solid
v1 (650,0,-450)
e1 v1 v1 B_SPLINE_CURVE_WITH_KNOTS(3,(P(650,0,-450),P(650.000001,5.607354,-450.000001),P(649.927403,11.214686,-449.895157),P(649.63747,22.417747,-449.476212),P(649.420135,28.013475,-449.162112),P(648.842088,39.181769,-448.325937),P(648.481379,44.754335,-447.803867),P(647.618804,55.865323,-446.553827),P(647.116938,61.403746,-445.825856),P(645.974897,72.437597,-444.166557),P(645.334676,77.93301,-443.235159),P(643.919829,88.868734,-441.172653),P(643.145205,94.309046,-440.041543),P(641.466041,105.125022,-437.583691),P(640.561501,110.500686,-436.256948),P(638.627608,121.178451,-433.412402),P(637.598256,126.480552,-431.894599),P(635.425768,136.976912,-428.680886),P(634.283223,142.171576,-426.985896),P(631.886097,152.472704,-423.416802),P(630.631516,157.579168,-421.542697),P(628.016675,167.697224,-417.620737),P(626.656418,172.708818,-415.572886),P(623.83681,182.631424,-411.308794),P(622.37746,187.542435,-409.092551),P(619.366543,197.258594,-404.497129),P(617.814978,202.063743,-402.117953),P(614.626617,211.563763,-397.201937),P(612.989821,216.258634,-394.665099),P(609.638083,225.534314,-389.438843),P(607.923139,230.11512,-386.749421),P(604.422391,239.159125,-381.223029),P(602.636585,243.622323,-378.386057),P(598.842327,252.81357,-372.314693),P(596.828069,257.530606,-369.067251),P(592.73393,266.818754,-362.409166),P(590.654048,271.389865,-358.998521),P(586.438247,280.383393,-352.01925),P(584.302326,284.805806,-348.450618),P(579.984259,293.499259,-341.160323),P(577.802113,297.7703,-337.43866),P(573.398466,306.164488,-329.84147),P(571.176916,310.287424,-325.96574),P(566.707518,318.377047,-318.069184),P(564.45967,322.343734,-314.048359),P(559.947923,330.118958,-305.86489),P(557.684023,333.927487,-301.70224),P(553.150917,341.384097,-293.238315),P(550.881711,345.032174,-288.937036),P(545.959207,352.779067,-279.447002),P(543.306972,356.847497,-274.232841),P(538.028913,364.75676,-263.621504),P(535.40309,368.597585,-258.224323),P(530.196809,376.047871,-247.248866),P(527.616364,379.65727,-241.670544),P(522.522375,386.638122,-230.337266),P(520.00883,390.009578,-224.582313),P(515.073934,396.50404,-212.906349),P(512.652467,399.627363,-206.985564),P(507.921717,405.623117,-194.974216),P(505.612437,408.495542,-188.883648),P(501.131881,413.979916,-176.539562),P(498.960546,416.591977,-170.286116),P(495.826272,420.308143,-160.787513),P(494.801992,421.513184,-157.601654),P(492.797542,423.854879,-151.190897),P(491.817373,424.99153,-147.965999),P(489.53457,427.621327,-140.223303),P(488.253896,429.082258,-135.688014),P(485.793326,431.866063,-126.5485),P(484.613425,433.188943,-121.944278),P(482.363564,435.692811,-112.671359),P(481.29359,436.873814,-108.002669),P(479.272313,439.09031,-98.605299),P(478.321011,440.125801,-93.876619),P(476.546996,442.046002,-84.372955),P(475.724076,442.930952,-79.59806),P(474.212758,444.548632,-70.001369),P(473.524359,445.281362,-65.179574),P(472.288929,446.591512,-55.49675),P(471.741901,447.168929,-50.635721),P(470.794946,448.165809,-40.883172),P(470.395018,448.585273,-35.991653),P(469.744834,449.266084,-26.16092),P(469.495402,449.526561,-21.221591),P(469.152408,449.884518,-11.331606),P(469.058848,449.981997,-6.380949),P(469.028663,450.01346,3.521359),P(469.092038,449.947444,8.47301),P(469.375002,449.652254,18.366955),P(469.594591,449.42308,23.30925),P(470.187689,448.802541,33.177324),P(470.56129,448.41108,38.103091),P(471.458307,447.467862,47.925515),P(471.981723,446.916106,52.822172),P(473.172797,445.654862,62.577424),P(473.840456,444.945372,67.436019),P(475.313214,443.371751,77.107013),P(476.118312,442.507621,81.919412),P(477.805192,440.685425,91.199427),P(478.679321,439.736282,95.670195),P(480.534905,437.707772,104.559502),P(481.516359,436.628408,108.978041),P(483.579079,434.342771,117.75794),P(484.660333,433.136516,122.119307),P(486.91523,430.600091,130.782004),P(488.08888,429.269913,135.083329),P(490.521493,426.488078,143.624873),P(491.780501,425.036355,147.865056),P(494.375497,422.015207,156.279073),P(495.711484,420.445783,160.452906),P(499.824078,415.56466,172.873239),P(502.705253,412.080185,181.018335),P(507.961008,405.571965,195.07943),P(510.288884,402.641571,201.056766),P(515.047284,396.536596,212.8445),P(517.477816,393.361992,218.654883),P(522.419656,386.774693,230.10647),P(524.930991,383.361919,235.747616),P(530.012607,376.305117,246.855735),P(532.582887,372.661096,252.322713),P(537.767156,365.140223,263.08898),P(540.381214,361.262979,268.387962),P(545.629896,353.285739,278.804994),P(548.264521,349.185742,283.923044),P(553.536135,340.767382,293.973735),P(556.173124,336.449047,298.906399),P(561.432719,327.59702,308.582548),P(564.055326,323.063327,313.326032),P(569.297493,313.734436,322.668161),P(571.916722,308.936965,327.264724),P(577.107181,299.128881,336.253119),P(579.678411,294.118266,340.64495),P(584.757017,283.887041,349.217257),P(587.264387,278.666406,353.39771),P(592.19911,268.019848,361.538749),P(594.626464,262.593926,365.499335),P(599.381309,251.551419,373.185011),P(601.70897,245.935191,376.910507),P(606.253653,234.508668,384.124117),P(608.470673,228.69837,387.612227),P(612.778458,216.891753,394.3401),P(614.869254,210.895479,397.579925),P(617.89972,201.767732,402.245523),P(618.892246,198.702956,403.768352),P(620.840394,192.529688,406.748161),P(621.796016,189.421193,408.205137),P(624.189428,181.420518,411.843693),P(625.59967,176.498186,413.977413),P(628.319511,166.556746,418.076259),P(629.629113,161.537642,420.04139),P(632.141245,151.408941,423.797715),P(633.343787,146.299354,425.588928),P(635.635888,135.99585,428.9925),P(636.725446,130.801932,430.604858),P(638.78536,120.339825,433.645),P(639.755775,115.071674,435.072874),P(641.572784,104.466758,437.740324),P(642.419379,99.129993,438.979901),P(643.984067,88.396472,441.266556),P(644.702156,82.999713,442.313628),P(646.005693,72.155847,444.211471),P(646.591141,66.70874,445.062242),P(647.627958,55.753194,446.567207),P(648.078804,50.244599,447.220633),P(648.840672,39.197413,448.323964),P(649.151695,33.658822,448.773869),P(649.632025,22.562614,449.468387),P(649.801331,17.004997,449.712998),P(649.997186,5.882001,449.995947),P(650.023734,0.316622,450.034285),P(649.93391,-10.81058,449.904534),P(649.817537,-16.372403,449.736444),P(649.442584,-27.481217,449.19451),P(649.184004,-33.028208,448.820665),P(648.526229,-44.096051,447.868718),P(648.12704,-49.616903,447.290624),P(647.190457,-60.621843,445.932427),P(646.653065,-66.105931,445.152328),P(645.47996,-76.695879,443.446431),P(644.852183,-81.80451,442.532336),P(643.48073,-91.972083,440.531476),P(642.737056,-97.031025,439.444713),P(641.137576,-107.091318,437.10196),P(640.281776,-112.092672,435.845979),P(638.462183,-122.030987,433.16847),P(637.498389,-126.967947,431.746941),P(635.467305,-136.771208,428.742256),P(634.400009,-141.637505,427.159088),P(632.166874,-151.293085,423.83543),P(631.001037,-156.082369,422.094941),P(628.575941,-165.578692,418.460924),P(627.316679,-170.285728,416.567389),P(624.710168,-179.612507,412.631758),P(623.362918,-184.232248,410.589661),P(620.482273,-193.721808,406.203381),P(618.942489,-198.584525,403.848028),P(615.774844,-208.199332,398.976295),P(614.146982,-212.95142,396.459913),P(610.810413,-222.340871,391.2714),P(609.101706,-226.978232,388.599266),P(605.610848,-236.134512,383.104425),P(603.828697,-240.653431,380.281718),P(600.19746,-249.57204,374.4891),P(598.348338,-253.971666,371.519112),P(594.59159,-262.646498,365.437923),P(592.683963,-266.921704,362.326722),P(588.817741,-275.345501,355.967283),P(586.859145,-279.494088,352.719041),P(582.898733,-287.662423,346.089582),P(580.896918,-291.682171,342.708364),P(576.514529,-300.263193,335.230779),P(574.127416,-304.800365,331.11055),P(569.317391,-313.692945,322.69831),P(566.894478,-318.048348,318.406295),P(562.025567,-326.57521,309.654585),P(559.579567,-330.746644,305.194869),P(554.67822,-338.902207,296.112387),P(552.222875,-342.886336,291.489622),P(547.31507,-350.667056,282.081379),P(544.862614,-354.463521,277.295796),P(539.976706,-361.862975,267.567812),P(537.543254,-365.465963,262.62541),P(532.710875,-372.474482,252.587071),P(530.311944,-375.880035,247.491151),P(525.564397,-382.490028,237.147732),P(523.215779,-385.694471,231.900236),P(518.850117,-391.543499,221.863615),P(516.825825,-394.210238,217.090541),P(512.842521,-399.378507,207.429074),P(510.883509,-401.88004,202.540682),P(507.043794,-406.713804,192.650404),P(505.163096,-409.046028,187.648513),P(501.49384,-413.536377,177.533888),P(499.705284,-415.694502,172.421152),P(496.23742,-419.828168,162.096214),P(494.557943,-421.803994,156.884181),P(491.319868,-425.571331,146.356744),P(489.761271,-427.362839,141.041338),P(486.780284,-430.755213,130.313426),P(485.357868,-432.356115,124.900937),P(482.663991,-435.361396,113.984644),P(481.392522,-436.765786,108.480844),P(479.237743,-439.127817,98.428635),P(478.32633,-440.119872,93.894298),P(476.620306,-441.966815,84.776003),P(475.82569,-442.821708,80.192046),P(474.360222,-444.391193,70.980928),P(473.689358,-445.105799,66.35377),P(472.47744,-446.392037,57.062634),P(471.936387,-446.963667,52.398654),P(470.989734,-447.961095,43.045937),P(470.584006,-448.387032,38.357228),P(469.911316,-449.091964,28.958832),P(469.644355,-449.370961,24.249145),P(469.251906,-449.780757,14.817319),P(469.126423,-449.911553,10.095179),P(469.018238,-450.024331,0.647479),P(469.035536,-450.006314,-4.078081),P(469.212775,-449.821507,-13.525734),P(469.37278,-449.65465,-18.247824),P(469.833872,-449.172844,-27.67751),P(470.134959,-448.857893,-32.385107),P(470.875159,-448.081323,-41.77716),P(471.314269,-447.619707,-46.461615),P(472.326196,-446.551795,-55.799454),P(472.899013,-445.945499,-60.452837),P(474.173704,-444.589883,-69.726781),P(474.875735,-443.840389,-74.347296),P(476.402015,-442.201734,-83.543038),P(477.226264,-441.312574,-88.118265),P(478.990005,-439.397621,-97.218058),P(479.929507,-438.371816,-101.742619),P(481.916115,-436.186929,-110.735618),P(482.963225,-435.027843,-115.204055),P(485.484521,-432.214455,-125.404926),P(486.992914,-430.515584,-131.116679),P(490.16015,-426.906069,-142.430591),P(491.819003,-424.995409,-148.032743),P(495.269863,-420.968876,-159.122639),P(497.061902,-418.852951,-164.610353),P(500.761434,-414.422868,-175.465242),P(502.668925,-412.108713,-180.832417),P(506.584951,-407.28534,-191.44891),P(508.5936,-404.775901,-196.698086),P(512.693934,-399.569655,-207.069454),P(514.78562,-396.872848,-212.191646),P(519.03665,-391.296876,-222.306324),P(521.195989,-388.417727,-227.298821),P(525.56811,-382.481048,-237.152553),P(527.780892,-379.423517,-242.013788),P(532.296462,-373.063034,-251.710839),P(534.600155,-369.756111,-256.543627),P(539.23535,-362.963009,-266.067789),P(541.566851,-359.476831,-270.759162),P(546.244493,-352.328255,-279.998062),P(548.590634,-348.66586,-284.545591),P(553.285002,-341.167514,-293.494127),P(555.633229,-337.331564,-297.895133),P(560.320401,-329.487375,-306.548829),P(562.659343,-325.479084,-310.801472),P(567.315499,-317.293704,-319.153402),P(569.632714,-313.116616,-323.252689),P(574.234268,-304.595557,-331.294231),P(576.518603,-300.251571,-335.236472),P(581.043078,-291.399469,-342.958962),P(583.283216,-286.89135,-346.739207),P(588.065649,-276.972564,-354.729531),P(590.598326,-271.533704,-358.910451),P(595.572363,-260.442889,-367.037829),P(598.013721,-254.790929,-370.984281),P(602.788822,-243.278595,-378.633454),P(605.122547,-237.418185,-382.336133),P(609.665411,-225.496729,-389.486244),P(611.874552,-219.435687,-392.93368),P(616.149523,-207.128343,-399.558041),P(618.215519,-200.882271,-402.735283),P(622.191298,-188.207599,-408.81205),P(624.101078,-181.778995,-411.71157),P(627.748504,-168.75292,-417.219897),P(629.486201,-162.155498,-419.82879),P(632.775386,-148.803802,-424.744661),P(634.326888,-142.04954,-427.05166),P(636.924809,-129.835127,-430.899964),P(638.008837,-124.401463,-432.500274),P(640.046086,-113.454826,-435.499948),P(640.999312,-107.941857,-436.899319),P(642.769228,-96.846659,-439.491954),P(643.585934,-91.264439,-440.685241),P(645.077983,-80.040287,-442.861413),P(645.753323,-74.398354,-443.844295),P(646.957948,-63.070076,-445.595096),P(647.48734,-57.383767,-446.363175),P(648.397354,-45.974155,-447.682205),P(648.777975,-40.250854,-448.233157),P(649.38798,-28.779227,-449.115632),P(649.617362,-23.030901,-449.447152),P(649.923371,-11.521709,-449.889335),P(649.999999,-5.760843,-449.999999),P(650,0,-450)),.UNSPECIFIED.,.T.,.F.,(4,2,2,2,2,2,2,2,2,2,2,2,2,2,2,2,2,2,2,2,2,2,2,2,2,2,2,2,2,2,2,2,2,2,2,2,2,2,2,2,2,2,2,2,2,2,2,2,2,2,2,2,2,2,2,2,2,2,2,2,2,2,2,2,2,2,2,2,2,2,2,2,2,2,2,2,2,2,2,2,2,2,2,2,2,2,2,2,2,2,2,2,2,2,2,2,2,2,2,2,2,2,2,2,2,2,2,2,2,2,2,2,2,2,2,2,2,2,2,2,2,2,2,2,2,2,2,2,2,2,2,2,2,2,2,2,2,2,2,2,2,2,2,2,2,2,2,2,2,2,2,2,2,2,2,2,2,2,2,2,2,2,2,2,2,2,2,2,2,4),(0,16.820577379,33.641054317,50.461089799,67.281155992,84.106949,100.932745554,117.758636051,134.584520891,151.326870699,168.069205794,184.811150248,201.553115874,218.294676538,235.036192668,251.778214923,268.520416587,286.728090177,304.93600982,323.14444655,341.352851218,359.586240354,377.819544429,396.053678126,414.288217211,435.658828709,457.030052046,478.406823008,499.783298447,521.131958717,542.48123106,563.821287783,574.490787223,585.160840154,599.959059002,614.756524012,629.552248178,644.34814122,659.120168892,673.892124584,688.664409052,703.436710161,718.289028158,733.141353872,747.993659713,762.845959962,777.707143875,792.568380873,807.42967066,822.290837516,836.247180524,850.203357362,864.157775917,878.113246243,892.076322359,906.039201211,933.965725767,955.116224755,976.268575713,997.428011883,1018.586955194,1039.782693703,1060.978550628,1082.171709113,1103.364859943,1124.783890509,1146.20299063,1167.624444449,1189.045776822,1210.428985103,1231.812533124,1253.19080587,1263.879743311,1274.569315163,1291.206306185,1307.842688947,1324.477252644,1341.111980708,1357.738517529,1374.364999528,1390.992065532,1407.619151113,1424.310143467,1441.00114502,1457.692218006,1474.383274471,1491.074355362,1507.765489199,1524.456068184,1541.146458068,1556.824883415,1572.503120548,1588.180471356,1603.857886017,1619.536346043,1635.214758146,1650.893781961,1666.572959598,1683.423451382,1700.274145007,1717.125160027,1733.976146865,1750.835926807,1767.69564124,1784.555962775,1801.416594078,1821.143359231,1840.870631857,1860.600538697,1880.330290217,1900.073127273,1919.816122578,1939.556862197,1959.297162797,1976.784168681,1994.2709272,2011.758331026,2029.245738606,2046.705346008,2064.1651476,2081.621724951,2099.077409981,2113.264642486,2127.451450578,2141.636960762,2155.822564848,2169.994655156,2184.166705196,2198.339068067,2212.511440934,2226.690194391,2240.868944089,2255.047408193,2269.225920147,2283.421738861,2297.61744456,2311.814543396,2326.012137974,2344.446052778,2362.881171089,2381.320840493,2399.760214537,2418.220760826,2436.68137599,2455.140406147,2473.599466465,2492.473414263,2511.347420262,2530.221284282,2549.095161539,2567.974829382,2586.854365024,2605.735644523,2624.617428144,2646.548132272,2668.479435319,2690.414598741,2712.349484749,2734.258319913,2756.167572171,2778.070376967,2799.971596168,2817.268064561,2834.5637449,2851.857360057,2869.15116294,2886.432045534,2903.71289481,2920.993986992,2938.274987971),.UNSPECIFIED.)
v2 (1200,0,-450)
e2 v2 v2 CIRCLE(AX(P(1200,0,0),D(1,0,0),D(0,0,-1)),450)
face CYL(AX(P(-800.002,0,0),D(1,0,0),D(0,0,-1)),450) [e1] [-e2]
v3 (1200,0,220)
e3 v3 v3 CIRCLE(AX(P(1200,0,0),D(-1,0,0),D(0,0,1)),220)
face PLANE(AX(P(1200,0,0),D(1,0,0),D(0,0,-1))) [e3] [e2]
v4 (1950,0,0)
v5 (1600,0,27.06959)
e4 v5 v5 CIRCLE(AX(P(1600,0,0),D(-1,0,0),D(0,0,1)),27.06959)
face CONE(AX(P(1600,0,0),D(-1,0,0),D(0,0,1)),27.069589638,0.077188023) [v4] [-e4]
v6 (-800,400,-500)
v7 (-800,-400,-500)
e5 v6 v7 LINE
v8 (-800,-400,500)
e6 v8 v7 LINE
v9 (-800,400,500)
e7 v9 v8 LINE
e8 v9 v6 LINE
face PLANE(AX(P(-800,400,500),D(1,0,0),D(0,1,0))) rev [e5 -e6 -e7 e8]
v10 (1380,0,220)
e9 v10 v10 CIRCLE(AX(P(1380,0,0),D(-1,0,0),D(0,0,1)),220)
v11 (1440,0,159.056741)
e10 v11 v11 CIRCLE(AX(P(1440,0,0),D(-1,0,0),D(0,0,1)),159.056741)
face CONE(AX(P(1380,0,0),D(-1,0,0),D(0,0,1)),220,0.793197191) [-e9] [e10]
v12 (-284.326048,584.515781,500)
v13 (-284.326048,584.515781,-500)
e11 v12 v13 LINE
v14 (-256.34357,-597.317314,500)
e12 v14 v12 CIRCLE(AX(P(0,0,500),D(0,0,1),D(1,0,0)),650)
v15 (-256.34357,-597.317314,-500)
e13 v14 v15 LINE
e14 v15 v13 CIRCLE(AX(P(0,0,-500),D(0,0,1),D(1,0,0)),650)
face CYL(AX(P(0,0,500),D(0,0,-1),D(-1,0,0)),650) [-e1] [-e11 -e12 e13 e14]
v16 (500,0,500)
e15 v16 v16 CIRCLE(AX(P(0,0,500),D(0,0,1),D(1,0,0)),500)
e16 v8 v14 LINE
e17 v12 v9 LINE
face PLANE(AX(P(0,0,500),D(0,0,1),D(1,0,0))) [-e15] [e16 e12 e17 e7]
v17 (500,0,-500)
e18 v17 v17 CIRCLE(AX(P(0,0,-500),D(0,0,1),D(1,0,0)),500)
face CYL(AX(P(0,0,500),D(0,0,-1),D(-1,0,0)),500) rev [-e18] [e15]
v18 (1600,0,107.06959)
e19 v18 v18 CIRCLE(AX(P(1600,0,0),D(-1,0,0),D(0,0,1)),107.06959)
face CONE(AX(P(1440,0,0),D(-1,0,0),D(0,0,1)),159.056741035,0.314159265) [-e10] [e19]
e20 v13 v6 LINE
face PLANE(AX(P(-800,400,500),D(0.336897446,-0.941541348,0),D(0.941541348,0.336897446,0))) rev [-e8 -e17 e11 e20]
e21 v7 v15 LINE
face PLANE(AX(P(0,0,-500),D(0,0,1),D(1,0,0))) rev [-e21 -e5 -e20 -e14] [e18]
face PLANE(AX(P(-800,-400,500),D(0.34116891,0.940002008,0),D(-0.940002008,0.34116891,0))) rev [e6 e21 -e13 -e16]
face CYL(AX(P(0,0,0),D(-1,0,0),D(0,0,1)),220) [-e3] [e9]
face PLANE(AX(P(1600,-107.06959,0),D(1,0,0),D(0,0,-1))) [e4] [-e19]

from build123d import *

# Parameters (mm, degrees)
SKETCH1_R                = 500
BOSS_EXTRUDE1_DEPTH      = 500
BOSS_EXTRUDE2_REACH      = 2163.597
BOSS_EXTRUDE2_END_RADIUS = 650
SKETCH2_R                = 450


with BuildPart() as part:
    # Sketch1 → Boss-Extrude1 (new, symmetric)
    with BuildSketch(Plane.XY):
        with BuildLine():
            Line((-800, 400), (-800, -400))
            Line((-800, -400), (-256.343570219, -597.317314338))
            ThreePointArc((-256.343570219, -597.317314338), (649.817878656, 15.385856465), (-284.326048032, 584.515781147))
            Line((-284.326048032, 584.515781147), (-800, 400))
        make_face()
        Circle(SKETCH1_R, mode=Mode.SUBTRACT)
    extrude(amount=BOSS_EXTRUDE1_DEPTH, both=True)

    # Boss-Extrude2: up to this cylinder (the profile starts outside it)
    boss_extrude2_end = Plane(origin=(0, 0, 0), z_dir=(0, 0, -1)) * Cylinder(BOSS_EXTRUDE2_END_RADIUS, 5628.194, mode=Mode.PRIVATE)
    # Sketch2 → Boss-Extrude2 (add, up to the surface)
    with BuildSketch(Plane(origin=(1200, 0, 0), x_dir=(0, 0, -1), z_dir=(1, 0, 0)), mode=Mode.PRIVATE) as boss_extrude2_sk1:
        Circle(SKETCH2_R)
    boss_extrude2_tool1 = extrude(boss_extrude2_sk1.sketch, amount=-BOSS_EXTRUDE2_REACH, mode=Mode.PRIVATE) - boss_extrude2_end
    add(boss_extrude2_tool1.solids().sort_by_distance((1200, 0, 0))[0])

    # Sketch3 → Revolve2 (revolve)
    with BuildSketch(Plane.XY, mode=Mode.PRIVATE) as revolve2_sk:
        Polygon((1200, 0), (1200, -220), (1380, -220), (1440, -159.056741035), (1600, -107.069589638), (1600, -27.069589638), (1950, 0), align=None)
    revolve(revolve2_sk.sketch.rotate(Axis((0, 0, 0), (1, 0, 0)), 270), axis=Axis((0, 0, 0), (1, 0, 0)))


solid = part.part
